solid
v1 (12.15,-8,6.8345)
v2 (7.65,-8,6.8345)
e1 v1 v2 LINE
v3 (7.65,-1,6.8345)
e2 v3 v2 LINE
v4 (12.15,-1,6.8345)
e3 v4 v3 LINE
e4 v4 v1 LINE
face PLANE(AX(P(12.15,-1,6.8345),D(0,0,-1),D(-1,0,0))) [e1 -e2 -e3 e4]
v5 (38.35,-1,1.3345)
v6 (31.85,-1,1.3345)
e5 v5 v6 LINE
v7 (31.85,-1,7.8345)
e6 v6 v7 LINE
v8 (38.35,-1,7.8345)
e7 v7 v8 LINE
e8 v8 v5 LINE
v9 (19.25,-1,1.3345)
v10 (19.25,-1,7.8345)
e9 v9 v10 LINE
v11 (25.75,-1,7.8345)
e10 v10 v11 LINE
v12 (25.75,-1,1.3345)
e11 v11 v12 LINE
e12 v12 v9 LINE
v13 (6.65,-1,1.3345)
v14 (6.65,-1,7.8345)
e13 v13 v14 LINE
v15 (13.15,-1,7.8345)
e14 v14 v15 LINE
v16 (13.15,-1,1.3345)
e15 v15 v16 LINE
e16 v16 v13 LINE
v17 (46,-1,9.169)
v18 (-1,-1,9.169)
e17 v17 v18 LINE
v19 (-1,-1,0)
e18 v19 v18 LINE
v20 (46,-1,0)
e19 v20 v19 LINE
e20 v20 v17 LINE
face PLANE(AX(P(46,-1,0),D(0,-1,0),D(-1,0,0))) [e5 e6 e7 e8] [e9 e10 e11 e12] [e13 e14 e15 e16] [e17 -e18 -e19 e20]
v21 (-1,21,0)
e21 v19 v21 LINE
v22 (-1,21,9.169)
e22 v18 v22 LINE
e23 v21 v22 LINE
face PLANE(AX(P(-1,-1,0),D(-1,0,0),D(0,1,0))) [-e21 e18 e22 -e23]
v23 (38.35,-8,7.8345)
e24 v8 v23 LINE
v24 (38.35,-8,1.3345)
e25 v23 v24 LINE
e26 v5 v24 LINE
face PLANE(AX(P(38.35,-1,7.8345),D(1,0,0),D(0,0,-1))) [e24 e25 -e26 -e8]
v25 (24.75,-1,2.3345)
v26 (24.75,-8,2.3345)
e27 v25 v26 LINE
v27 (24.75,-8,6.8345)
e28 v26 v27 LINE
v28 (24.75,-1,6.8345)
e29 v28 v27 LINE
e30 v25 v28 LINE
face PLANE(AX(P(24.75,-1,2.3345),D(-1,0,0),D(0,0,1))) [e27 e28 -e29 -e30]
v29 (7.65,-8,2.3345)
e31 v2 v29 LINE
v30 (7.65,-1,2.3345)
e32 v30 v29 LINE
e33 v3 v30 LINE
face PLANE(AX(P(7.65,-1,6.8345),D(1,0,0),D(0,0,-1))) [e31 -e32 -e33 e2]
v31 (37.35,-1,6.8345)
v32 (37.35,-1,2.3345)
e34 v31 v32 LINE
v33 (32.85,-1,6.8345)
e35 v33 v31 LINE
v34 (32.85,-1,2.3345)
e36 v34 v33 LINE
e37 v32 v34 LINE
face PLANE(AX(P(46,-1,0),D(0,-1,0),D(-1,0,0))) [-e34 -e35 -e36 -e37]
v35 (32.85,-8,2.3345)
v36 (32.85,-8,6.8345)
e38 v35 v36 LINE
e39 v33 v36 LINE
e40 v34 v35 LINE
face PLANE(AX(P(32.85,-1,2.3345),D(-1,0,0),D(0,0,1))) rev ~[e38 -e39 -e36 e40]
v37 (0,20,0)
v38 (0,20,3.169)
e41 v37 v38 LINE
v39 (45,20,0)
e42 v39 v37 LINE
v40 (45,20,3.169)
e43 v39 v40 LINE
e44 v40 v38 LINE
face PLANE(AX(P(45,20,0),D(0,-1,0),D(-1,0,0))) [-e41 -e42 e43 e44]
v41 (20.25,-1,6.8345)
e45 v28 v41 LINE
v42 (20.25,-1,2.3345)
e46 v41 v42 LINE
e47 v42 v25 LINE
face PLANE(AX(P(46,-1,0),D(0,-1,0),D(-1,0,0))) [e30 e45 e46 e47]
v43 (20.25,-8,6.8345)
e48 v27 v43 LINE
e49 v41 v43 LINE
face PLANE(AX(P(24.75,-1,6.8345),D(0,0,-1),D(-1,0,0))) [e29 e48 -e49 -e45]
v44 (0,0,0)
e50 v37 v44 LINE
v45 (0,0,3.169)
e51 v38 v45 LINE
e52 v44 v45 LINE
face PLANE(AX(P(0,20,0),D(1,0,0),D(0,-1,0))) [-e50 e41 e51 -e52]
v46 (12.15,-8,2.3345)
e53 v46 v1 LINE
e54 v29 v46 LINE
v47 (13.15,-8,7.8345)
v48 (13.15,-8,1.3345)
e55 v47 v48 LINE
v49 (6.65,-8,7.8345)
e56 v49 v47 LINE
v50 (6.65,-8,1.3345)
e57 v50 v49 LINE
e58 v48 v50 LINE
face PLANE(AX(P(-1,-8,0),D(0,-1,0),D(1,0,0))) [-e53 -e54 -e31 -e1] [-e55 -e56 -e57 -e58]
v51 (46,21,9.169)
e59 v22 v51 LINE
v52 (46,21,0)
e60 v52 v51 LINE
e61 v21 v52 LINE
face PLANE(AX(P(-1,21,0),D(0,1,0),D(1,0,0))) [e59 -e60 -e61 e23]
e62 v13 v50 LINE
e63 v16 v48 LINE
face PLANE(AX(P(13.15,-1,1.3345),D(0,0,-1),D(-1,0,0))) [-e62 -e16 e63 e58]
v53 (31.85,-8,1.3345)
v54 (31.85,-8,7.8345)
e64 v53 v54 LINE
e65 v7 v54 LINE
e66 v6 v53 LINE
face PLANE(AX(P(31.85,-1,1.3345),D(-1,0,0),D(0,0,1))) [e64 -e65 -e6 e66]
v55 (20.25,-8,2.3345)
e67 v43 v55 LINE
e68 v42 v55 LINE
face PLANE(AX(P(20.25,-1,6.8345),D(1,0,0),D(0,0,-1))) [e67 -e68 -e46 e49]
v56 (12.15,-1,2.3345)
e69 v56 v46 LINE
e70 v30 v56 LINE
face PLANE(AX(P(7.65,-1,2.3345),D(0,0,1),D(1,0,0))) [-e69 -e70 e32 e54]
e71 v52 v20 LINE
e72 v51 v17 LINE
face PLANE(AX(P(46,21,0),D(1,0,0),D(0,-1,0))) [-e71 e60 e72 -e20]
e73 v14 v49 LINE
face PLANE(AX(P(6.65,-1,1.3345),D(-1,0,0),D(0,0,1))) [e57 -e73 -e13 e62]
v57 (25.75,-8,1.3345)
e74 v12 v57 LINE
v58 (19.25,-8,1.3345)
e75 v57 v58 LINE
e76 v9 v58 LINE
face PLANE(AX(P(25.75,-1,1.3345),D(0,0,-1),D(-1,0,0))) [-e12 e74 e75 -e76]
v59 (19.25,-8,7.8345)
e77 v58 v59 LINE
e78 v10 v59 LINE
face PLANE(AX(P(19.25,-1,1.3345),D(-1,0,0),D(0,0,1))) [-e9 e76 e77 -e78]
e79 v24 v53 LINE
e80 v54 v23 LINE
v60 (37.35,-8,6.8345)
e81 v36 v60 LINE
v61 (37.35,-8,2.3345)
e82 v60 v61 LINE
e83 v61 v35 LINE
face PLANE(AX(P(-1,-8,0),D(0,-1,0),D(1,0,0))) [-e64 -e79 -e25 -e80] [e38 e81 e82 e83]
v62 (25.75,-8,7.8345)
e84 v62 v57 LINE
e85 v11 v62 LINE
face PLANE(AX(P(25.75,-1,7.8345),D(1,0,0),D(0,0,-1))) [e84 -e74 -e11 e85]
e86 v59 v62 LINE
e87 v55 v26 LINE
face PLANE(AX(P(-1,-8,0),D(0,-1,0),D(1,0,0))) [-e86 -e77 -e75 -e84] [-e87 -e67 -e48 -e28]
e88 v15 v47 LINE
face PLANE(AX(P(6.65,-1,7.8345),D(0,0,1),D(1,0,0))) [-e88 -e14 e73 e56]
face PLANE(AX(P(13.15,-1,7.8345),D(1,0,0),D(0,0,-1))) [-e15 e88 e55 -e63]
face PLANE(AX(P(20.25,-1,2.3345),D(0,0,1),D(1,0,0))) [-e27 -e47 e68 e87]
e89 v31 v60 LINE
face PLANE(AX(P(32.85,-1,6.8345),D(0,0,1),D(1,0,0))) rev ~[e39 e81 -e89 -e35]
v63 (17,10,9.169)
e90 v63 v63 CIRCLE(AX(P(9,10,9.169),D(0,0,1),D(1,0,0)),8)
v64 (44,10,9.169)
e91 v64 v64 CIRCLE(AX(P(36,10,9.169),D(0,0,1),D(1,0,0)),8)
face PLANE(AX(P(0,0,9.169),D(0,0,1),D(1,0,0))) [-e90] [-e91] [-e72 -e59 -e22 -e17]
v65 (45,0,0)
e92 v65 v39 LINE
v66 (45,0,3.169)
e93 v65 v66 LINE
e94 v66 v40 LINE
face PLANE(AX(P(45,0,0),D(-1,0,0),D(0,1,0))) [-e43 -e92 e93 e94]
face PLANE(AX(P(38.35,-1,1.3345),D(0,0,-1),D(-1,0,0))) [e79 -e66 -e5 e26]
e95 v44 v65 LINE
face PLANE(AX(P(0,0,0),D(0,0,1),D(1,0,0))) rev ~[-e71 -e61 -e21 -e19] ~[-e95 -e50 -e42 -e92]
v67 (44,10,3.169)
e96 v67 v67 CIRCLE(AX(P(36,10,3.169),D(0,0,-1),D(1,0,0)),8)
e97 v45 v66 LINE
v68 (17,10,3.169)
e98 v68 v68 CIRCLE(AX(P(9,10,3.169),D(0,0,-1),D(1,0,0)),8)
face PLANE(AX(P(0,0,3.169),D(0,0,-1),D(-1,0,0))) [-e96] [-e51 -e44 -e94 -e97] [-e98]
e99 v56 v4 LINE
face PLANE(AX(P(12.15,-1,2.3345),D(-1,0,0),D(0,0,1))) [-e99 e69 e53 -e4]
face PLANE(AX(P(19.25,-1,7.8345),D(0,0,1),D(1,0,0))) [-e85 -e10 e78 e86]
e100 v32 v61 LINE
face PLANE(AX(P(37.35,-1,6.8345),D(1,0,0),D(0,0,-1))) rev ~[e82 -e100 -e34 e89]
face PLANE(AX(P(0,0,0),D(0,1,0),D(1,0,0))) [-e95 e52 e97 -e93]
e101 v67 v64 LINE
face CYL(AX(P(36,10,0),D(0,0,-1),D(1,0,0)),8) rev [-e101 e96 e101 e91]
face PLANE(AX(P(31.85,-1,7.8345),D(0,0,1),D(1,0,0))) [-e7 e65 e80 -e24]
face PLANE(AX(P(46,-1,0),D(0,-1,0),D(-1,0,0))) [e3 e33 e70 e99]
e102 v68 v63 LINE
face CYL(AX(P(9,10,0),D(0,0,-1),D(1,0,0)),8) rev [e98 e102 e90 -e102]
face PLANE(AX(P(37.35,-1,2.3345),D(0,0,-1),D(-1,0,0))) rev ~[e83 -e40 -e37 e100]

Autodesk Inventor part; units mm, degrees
ref_plane "YZ Plane" through (0, 0, 0) normal (1, 0, 0) x (0, 1, 0)
ref_plane "XZ Plane" through (0, 0, 0) normal (0, 1, 0) x (-1, 0, 0)
ref_plane "XY Plane" through (0, 0, 0) normal (0, 0, 1) x (1, 0, 0)
sketch "Sketch1" plane through (0, 0, 0) normal (0, 0, 1) x (1, 0, 0)
  line L0 (0, 0) -> (45, 0) construction
  line L1 (45, 0) -> (45, 20) construction
  line L2 (45, 20) -> (0, 20) construction
  line L3 (0, 20) -> (0, 0) construction
  line L4 (0, 0) -> (9, 0) construction
  line L5 (9, 0) -> (9, 10) construction
  line L6 (45, 0) -> (36, 0) construction
  line L7 (36, 0) -> (36, 10) construction
  circle A0 centre (36, 10) radius 8
  circle A1 centre (9, 10) radius 8
  line L8 (45, 0) -> (46, 0) construction
  line L9 (46, 0) -> (46, -1) construction
  line L10 (0, 20) -> (-1, 20) construction
  line L11 (-1, 20) -> (-1, 21) construction
  line L12 (-1, 21) -> (46, 21)
  line L13 (46, 21) -> (46, -1)
  line L14 (46, -1) -> (-1, -1)
  line L15 (-1, -1) -> (-1, 21)
  line L16 (45, 0) -> (0, 0)
  line L17 (0, 0) -> (0, 20)
  line L18 (0, 20) -> (45, 20)
  line L19 (45, 20) -> (45, 0)
  dimension "d2" = 45
  dimension "d3" = 20
  dimension "d4" = 9
  dimension "d5" = 10
  dimension "d6" = 9
  dimension "d7" = 10
  dimension "d8" = 16
  dimension "d9" = 16
  dimension "d10" = 1
  dimension "d11" = 1
  dimension "d12" = 1
  dimension "d13" = 1
extrude "Extrusion1" add sketch "Sketch1" along normal blind 9.169 contours L12 L13 L14 L15 | L16 L17 L18 L19
sketch "Sketch2" plane through (0, 0, 0) normal (0, 0, -1) x (-1, 0, 0)
  line L0 (0, 0) -> (-45, 0)
  line L1 (-45, 0) -> (-45, 20)
  line L2 (-45, 20) -> (0, 20)
  line L3 (0, 20) -> (0, 0)
  dimension "d14" = 45
  dimension "d15" = 20
extrude "Extrusion2" cut sketch "Sketch2" against normal blind 3.169
sketch "Sketch3" plane through (-1, -1, 0) normal (0, -1, 0) x (1, 0, 0)
  line L0 (47, 0) -> (47, 9.169) construction
  line L1 (47, 4.5845) -> (0, 4.5845) construction
  line L2 (0, 0) -> (0, 9.169) construction
  line L3 (47, 0) -> (0, 0) construction
  line L4 (23.5, 0) -> (23.5, 9.169) construction
  line L5 (0, 9.169) -> (47, 9.169) construction
  line L6 (23.5, 4.5845) -> (23.5, 2.3345) construction
  line L7 (23.5, 2.3345) -> (21.25, 2.3345) construction
  line L8 (21.25, 2.3345) -> (13.15, 2.3345) construction
  line L9 (13.15, 2.3345) -> (8.65, 2.3345) construction
  line L10 (8.65, 2.3345) -> (0.55, 2.3345) construction
  line L11 (0.55, 2.3345) -> (-3.95, 2.3345) construction
  line L12 (-3.95, 2.3345) -> (-12.05, 2.3345) construction
  line L13 (23.5, 2.3345) -> (25.75, 2.3345) construction
  line L14 (25.75, 2.3345) -> (33.85, 2.3345) construction
  line L15 (33.85, 2.3345) -> (38.35, 2.3345) construction
  line L16 (38.35, 2.3345) -> (46.45, 2.3345) construction
  line L17 (46.45, 2.3345) -> (50.95, 2.3345) construction
  line L18 (50.95, 2.3345) -> (59.05, 2.3345) construction
  line L19 (21.25, 2.3345) -> (25.75, 2.3345)
  line L20 (25.75, 2.3345) -> (25.75, 6.8345)
  line L21 (25.75, 6.8345) -> (21.25, 6.8345)
  line L22 (21.25, 6.8345) -> (21.25, 2.3345)
  line L23 (8.65, 2.3345) -> (13.15, 2.3345)
  line L24 (13.15, 2.3345) -> (13.15, 6.8345)
  line L25 (13.15, 6.8345) -> (8.65, 6.8345)
  line L26 (8.65, 6.8345) -> (8.65, 2.3345)
  line L27 (38.35, 2.3345) -> (33.85, 2.3345)
  line L28 (33.85, 2.3345) -> (33.85, 6.8345)
  line L29 (33.85, 6.8345) -> (38.35, 6.8345)
  line L30 (38.35, 6.8345) -> (38.35, 2.3345)
  line L31 (13.15, 2.3345) -> (14.15, 2.3345) construction
  line L32 (14.15, 2.3345) -> (14.15, 1.3345) construction
  line L33 (8.65, 6.8345) -> (8.65, 7.8345) construction
  line L34 (8.65, 7.8345) -> (7.65, 7.8345) construction
  line L35 (7.65, 7.8345) -> (14.15, 7.8345)
  line L36 (14.15, 7.8345) -> (14.15, 1.3345)
  line L37 (14.15, 1.3345) -> (7.65, 1.3345)
  line L38 (7.65, 1.3345) -> (7.65, 7.8345)
  line L39 (25.75, 2.3345) -> (26.75, 2.3345) construction
  line L40 (26.75, 2.3345) -> (26.75, 1.3345) construction
  line L41 (21.25, 6.8345) -> (21.25, 7.8345) construction
  line L42 (21.25, 7.8345) -> (20.25, 7.8345) construction
  line L43 (33.85, 6.8345) -> (32.85, 6.8345) construction
  line L44 (32.85, 6.8345) -> (32.85, 7.8345) construction
  line L45 (38.35, 2.3345) -> (39.35, 2.3345) construction
  line L46 (39.35, 2.3345) -> (39.35, 1.3345) construction
  line L47 (26.75, 1.3345) -> (20.25, 1.3345)
  line L48 (20.25, 1.3345) -> (20.25, 7.8345)
  line L49 (20.25, 7.8345) -> (26.75, 7.8345)
  line L50 (26.75, 7.8345) -> (26.75, 1.3345)
  line L51 (39.35, 1.3345) -> (32.85, 1.3345)
  line L52 (32.85, 1.3345) -> (32.85, 7.8345)
  line L53 (32.85, 7.8345) -> (39.35, 7.8345)
  line L54 (39.35, 7.8345) -> (39.35, 1.3345)
  point P0 (1, 0)
  dimension "d18" = 2.25
  dimension "d19" = 2.25
  dimension "d20" = 8.1
  dimension "d21" = 4.5
  dimension "d22" = 8.1
  dimension "d23" = 4.5
  dimension "d24" = 8.1
  dimension "d25" = 2.25
  dimension "d26" = 8.1
  dimension "d27" = 4.5
  dimension "d28" = 8.1
  dimension "d29" = 4.5
  dimension "d30" = 8.1
  dimension "d31" = 4.5
  dimension "d32" = 4.5
  dimension "d33" = 4.5
  dimension "d34" = 4.5
  dimension "d35" = 4.5
  dimension "d36" = 4.5
  dimension "d37" = 1
  dimension "d38" = 1
  dimension "d39" = 1
  dimension "d40" = 1
  dimension "d41" = 1
  dimension "d42" = 1
  dimension "d43" = 1
  dimension "d44" = 1
  dimension "d45" = 1
  dimension "d46" = 1
  dimension "d47" = 1
  dimension "d48" = 1
extrude "Extrusion3" add sketch "Sketch3" along normal blind 7
equation "\"d2\" = wsonar"
equation "\"d3\" = hsonar"
equation "\"d10\" = thickness"
equation "\"d11\" = thickness"
equation "\"d12\" = thickness"
equation "\"d13\" = thickness"
equation "\"d14\" = wsonar"
equation "\"d15\" = hsonar"
equation "\"d18\" = 0.5 * box"
equation "\"d19\" = 0.5 * box"
equation "\"d20\" = gap"
equation "\"d21\" = box"
equation "\"d22\" = gap"
equation "\"d23\" = box"
equation "\"d24\" = gap"
equation "\"d25\" = 0.5 * box"
equation "\"d26\" = gap"
equation "\"d27\" = box"
equation "\"d28\" = gap"
equation "\"d29\" = box"
equation "\"d30\" = gap"
equation "\"d31\" = box"
equation "\"d32\" = box"
equation "\"d33\" = box"
equation "\"d34\" = box"
equation "\"d35\" = box"
equation "\"d36\" = box"
equation "\"d37\" = thickness"
equation "\"d38\" = thickness"
equation "\"d39\" = thickness"
equation "\"d40\" = thickness"
equation "\"d41\" = thickness"
equation "\"d42\" = thickness"
equation "\"d43\" = thickness"
equation "\"d44\" = thickness"
equation "\"d45\" = thickness"
equation "\"d46\" = thickness"
equation "\"d47\" = thickness"
equation "\"d48\" = thickness"
equation "\"wsonar\" = 45"
equation "\"hsonar\" = 20"
equation "\"thickness\" = 1"
equation "\"gap\" = 8.1"
equation "\"box\" = 4.5"
properties part number "Sonar"
